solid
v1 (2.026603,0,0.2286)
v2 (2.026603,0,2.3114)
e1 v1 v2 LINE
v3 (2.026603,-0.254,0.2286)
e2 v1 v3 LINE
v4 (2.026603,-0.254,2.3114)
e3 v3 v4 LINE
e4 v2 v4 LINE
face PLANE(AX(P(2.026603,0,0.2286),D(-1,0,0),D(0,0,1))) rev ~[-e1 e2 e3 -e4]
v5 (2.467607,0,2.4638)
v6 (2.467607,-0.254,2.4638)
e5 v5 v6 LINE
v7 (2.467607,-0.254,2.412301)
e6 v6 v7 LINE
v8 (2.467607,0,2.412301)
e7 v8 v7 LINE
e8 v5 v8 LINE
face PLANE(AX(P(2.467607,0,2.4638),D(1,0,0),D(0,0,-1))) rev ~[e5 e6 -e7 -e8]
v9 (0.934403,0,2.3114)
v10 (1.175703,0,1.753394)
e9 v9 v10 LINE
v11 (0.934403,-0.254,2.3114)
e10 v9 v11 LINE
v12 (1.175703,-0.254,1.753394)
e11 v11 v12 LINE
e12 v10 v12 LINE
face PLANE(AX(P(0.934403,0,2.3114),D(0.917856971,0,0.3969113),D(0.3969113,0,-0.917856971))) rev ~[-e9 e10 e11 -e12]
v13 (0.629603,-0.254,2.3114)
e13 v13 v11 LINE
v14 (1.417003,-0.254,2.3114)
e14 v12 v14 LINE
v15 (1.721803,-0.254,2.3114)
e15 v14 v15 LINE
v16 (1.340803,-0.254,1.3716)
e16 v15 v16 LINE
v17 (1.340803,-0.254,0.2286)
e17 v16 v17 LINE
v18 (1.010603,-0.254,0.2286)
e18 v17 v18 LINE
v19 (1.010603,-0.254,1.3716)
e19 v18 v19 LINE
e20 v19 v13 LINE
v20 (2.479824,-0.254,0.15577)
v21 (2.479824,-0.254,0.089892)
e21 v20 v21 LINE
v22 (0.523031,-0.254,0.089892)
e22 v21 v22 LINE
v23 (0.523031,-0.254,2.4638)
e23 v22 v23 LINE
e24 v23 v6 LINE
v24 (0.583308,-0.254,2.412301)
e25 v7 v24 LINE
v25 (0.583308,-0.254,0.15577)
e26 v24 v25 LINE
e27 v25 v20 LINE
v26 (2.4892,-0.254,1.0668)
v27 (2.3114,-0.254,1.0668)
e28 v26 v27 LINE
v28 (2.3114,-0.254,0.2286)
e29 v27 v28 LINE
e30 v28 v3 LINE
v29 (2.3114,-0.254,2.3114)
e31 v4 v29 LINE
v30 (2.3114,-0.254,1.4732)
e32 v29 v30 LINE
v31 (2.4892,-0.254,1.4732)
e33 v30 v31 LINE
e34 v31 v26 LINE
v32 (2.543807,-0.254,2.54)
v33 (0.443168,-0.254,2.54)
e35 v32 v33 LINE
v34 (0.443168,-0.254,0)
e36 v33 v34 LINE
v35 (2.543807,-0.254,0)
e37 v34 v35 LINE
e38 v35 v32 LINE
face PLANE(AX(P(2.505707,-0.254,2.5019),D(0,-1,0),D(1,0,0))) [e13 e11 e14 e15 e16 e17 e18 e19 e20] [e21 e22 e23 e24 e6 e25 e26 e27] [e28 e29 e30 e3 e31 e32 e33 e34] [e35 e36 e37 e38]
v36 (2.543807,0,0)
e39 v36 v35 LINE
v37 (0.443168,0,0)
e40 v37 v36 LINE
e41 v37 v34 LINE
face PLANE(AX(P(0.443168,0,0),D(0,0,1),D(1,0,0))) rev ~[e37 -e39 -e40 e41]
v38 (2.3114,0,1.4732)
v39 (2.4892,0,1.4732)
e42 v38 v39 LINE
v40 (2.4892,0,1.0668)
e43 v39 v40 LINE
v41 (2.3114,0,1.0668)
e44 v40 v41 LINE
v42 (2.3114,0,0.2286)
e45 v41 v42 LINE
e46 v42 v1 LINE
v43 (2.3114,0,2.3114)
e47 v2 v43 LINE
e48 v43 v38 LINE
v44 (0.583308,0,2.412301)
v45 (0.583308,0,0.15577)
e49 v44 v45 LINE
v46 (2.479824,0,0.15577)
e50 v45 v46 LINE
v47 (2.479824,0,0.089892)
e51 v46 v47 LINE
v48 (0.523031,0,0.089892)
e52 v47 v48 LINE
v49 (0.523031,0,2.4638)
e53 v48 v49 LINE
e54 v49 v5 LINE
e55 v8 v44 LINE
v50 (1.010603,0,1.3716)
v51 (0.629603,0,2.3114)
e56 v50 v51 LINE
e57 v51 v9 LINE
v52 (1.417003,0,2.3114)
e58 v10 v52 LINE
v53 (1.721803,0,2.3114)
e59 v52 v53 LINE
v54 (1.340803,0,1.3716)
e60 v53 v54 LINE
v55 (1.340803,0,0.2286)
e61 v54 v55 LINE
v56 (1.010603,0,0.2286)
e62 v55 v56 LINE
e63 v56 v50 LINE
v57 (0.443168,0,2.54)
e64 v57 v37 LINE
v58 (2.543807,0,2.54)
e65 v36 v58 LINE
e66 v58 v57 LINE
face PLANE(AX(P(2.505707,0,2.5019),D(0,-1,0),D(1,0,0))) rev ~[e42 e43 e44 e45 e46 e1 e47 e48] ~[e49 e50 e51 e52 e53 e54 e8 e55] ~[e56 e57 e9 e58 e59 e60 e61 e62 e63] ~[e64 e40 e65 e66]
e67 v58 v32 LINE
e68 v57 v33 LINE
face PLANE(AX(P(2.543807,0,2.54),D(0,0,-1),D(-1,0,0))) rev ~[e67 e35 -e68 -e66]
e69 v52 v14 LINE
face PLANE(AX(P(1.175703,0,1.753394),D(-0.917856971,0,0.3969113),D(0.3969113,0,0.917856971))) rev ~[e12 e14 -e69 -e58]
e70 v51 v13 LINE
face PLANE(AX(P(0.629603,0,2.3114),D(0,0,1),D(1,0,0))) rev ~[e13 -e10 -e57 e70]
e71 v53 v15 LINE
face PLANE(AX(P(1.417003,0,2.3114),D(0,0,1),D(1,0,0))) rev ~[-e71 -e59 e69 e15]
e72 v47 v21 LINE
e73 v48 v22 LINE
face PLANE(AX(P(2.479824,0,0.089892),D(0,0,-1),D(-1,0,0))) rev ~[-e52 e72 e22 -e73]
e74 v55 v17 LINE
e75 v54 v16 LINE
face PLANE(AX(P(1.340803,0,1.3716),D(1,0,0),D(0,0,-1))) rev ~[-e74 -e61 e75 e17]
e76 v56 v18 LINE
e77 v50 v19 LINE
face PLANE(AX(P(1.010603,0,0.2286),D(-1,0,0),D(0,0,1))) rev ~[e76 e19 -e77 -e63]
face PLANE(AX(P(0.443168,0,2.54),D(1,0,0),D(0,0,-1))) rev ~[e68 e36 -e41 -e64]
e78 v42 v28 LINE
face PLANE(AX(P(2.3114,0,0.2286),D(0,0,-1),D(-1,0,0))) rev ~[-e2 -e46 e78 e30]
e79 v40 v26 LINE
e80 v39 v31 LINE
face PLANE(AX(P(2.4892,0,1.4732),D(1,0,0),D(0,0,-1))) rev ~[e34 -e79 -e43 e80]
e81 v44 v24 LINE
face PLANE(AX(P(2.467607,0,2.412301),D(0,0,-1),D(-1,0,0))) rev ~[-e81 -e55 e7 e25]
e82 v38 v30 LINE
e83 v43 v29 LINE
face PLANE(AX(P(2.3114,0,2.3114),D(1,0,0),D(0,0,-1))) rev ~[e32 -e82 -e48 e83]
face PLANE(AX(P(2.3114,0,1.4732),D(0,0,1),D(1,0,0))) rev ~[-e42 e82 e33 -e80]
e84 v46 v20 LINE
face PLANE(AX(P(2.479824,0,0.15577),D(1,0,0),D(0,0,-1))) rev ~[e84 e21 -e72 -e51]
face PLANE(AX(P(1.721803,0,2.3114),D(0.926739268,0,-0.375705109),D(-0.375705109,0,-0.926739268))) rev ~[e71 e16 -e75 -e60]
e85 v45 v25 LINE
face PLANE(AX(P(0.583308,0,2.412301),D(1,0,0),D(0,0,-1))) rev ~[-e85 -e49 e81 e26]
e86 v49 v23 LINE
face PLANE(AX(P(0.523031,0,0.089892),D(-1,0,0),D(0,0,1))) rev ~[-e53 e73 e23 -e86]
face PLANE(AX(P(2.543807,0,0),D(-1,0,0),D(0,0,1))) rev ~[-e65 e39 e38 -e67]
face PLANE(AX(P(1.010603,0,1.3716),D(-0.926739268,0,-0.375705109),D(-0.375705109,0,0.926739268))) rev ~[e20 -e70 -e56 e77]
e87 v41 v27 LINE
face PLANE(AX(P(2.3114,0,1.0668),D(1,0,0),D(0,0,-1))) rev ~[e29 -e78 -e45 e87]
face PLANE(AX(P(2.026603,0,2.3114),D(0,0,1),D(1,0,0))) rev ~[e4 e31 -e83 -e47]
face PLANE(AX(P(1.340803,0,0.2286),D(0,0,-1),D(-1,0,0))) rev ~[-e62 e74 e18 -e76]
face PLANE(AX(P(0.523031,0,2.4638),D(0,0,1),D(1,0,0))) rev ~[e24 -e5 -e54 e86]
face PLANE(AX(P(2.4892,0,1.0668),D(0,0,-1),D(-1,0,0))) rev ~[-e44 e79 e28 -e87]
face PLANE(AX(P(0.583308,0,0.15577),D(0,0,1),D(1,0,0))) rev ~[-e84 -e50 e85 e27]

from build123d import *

# Parameters (mm, degrees)
F0_W     = 0.0762
F0_H     = 0.0762
F1_DEPTH = 0.254


with BuildPart() as f1:
    # F0 (on Front) → F1 (new body)
    with BuildSketch(Plane.XZ):
        with Locations((2.505707, 2.5019)):
            Rectangle(F0_W, F0_H)
        Polygon((0.443168, 0), (2.543807, 0), (2.543807, 2.4638), (2.467607, 2.4638), (2.467607, 2.54), (0.443168, 2.54), align=None)
        Polygon((1.340803, 0.2286), (1.010603, 0.2286), (1.010603, 1.3716), (0.629603, 2.3114), (0.934403, 2.3114), (1.175703, 1.753394), (1.417003, 2.3114), (1.721803, 2.3114), (1.340803, 1.3716), align=None, mode=Mode.SUBTRACT)
        Polygon((2.026603, 2.3114), (2.3114, 2.3114), (2.3114, 1.4732), (2.4892, 1.4732), (2.4892, 1.0668), (2.3114, 1.0668), (2.3114, 0.2286), (2.026603, 0.2286), align=None, mode=Mode.SUBTRACT)
        Polygon((0.523031, 2.4638), (2.467607, 2.4638), (2.467607, 2.412301), (0.583308, 2.412301), (0.583308, 0.15577), (2.479824, 0.15577), (2.479824, 0.089892), (0.583308, 0.089892), (0.523031, 0.089892), align=None, mode=Mode.SUBTRACT)
    extrude(amount=F1_DEPTH)


solid = f1.part
